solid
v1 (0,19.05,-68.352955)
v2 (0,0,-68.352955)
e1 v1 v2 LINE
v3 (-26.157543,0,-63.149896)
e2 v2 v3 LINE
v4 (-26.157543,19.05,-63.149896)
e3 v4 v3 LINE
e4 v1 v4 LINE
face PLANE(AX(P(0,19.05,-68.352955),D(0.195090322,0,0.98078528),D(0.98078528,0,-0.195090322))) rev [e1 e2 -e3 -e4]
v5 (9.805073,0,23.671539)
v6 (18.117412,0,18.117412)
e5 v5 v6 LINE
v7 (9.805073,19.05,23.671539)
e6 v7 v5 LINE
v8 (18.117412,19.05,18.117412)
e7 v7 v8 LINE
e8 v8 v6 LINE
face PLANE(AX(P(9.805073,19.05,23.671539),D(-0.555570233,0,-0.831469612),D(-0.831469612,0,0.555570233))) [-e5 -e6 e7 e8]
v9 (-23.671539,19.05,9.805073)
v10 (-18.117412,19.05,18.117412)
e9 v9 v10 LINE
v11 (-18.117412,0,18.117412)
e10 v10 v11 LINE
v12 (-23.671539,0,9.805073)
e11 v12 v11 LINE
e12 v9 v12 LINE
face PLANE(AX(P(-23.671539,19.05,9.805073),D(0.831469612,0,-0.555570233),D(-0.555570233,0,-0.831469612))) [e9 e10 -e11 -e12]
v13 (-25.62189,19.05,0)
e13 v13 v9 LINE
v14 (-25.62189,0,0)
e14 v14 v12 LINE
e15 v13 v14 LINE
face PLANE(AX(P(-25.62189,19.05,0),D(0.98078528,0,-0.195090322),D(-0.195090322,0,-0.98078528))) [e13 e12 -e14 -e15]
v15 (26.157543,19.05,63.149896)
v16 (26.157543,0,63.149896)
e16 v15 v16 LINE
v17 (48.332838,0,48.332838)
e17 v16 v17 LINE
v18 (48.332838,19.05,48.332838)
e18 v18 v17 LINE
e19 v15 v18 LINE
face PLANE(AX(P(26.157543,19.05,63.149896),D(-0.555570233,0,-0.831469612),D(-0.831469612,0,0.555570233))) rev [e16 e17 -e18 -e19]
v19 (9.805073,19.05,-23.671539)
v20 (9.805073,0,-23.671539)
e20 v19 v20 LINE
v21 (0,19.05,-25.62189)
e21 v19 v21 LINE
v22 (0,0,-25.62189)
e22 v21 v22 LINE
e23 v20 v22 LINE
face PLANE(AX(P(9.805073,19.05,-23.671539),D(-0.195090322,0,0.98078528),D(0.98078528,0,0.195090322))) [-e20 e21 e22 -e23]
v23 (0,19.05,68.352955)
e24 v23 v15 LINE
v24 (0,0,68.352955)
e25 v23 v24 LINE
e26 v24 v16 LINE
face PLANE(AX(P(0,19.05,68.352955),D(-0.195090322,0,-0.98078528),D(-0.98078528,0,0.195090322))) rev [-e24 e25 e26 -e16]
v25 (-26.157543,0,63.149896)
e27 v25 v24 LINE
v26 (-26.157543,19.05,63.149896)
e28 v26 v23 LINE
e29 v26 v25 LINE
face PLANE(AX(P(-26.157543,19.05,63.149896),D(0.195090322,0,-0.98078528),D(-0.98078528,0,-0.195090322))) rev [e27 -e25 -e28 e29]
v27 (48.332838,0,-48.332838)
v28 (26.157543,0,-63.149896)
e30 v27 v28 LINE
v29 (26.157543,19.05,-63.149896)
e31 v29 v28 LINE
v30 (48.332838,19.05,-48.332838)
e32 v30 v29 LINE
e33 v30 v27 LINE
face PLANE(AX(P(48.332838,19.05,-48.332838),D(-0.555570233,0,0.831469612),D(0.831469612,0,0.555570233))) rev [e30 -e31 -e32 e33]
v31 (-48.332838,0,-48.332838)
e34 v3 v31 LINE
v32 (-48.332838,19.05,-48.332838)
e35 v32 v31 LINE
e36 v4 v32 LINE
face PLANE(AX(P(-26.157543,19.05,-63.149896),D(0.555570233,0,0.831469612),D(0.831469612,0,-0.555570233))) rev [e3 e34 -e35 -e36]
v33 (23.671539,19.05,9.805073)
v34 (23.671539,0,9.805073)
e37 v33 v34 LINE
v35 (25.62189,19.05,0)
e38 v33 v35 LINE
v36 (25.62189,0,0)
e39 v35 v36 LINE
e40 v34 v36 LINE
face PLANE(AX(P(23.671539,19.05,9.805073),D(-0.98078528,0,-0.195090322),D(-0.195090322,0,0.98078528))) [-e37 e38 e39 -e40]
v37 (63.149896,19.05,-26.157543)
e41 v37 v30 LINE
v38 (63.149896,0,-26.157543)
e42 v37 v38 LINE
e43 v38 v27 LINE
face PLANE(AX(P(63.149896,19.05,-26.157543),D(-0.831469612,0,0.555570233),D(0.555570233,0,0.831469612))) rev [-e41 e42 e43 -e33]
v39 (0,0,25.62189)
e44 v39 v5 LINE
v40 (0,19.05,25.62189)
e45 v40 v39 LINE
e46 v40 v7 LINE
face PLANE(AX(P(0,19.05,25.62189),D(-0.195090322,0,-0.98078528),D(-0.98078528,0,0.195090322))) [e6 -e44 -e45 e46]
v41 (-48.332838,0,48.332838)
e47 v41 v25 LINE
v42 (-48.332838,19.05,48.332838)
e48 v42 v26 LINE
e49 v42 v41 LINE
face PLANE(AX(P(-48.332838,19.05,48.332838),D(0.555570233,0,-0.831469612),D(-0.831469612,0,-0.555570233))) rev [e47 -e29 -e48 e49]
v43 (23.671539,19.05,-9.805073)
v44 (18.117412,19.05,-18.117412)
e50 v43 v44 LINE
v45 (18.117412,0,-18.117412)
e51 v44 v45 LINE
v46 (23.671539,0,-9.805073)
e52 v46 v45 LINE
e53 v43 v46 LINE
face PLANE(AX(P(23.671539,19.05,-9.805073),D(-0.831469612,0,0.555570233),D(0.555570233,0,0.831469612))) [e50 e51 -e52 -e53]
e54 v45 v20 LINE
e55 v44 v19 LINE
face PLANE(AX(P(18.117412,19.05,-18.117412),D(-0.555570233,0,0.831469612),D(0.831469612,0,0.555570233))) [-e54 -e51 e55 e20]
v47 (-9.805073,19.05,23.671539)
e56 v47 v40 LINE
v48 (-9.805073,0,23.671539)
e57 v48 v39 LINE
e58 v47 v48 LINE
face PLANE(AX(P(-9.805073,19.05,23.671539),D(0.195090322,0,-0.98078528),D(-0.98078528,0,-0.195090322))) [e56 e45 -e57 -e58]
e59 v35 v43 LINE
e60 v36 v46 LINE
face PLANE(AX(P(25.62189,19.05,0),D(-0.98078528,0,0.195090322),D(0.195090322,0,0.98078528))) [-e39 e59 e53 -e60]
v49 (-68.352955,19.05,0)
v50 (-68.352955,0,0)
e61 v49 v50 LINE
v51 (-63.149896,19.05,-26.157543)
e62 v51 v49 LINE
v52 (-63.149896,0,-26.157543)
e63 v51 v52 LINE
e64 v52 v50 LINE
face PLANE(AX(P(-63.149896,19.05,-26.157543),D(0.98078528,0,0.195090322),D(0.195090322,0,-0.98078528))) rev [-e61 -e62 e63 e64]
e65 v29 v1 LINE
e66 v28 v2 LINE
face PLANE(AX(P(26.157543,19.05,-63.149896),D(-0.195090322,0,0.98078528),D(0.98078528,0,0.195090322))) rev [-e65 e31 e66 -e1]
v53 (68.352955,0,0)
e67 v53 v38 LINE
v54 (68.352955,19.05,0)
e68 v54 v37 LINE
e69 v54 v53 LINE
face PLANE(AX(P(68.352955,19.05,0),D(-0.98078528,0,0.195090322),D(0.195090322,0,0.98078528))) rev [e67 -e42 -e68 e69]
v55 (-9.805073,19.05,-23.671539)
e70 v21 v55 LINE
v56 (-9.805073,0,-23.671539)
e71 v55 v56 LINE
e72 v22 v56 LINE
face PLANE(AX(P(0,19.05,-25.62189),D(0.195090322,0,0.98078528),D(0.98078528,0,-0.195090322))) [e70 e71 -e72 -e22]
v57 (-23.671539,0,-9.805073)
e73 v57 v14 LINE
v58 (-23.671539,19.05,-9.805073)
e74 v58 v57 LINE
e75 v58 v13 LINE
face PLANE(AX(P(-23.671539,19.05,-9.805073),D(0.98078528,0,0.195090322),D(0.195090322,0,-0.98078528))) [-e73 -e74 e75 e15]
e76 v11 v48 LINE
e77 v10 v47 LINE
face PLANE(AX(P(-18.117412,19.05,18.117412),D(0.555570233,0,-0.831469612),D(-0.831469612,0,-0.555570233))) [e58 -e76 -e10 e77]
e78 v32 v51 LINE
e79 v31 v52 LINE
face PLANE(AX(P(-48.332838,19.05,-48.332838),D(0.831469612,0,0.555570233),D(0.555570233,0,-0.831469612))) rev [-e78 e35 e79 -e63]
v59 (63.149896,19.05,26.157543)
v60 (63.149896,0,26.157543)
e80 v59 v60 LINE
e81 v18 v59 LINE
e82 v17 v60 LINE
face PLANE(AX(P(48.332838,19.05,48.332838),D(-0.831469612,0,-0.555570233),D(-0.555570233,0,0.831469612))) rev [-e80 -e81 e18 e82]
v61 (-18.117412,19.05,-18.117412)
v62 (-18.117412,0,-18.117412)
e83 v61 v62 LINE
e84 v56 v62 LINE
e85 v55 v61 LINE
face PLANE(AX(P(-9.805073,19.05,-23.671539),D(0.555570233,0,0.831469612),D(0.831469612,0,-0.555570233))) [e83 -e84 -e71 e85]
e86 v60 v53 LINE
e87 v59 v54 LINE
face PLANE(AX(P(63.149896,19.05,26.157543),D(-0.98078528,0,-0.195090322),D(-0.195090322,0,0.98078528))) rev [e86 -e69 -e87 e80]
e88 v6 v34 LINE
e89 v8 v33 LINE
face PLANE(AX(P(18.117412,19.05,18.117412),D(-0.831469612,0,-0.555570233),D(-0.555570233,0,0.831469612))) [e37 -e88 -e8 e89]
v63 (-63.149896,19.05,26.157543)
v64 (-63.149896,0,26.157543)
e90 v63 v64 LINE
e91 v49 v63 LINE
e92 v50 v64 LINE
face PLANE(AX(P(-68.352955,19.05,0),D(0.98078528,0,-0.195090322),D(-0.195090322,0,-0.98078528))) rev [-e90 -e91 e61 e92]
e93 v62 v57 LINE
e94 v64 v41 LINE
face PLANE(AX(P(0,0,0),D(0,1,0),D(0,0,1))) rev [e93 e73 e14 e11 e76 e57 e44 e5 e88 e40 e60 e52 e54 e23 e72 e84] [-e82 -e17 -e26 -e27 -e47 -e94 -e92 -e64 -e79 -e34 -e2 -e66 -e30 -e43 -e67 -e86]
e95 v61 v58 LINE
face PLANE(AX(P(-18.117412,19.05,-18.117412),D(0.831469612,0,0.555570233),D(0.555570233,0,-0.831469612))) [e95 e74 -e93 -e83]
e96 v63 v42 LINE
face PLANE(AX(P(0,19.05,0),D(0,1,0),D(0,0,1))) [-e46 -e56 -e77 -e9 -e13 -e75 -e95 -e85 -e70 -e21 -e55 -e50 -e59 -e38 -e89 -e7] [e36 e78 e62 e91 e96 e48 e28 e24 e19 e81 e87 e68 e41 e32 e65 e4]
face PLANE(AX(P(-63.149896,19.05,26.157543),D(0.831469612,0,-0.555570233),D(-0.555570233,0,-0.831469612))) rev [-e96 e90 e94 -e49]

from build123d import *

# Parameters (mm, degrees)
BOSS_EXTRUDE2_DEPTH = 19.05


with BuildPart() as part:
    # Sketch2 → Boss-Extrude2 (new body)
    with BuildSketch(Plane(origin=(0, 0, 0), x_dir=(1, 0, 0), z_dir=(0, 1, 0))):
        Polygon((-68.352954991, 0), (-63.149896103, -26.157543428), (-48.332837988, -48.332837988), (-26.157543428, -63.149896103), (0, -68.352954991), (26.157543428, -63.149896103), (48.332837988, -48.332837988), (63.149896103, -26.157543428), (68.352954991, 0), (63.149896103, 26.157543428), (48.332837988, 48.332837988), (26.157543428, 63.149896103), (0, 68.352954991), (-26.157543428, 63.149896103), (-48.332837988, 48.332837988), (-63.149896103, 26.157543428), align=None)
        Polygon((-25.621889551, 0), (-23.67153934, -9.805072637), (-18.117411848, -18.117411848), (-9.805072637, -23.67153934), (0, -25.621889551), (9.805072637, -23.67153934), (18.117411848, -18.117411848), (23.67153934, -9.805072637), (25.621889551, 0), (23.67153934, 9.805072637), (18.117411848, 18.117411848), (9.805072637, 23.67153934), (0, 25.621889551), (-9.805072637, 23.67153934), (-18.117411848, 18.117411848), (-23.67153934, 9.805072637), align=None, mode=Mode.SUBTRACT)
    extrude(amount=BOSS_EXTRUDE2_DEPTH)


solid = part.part
